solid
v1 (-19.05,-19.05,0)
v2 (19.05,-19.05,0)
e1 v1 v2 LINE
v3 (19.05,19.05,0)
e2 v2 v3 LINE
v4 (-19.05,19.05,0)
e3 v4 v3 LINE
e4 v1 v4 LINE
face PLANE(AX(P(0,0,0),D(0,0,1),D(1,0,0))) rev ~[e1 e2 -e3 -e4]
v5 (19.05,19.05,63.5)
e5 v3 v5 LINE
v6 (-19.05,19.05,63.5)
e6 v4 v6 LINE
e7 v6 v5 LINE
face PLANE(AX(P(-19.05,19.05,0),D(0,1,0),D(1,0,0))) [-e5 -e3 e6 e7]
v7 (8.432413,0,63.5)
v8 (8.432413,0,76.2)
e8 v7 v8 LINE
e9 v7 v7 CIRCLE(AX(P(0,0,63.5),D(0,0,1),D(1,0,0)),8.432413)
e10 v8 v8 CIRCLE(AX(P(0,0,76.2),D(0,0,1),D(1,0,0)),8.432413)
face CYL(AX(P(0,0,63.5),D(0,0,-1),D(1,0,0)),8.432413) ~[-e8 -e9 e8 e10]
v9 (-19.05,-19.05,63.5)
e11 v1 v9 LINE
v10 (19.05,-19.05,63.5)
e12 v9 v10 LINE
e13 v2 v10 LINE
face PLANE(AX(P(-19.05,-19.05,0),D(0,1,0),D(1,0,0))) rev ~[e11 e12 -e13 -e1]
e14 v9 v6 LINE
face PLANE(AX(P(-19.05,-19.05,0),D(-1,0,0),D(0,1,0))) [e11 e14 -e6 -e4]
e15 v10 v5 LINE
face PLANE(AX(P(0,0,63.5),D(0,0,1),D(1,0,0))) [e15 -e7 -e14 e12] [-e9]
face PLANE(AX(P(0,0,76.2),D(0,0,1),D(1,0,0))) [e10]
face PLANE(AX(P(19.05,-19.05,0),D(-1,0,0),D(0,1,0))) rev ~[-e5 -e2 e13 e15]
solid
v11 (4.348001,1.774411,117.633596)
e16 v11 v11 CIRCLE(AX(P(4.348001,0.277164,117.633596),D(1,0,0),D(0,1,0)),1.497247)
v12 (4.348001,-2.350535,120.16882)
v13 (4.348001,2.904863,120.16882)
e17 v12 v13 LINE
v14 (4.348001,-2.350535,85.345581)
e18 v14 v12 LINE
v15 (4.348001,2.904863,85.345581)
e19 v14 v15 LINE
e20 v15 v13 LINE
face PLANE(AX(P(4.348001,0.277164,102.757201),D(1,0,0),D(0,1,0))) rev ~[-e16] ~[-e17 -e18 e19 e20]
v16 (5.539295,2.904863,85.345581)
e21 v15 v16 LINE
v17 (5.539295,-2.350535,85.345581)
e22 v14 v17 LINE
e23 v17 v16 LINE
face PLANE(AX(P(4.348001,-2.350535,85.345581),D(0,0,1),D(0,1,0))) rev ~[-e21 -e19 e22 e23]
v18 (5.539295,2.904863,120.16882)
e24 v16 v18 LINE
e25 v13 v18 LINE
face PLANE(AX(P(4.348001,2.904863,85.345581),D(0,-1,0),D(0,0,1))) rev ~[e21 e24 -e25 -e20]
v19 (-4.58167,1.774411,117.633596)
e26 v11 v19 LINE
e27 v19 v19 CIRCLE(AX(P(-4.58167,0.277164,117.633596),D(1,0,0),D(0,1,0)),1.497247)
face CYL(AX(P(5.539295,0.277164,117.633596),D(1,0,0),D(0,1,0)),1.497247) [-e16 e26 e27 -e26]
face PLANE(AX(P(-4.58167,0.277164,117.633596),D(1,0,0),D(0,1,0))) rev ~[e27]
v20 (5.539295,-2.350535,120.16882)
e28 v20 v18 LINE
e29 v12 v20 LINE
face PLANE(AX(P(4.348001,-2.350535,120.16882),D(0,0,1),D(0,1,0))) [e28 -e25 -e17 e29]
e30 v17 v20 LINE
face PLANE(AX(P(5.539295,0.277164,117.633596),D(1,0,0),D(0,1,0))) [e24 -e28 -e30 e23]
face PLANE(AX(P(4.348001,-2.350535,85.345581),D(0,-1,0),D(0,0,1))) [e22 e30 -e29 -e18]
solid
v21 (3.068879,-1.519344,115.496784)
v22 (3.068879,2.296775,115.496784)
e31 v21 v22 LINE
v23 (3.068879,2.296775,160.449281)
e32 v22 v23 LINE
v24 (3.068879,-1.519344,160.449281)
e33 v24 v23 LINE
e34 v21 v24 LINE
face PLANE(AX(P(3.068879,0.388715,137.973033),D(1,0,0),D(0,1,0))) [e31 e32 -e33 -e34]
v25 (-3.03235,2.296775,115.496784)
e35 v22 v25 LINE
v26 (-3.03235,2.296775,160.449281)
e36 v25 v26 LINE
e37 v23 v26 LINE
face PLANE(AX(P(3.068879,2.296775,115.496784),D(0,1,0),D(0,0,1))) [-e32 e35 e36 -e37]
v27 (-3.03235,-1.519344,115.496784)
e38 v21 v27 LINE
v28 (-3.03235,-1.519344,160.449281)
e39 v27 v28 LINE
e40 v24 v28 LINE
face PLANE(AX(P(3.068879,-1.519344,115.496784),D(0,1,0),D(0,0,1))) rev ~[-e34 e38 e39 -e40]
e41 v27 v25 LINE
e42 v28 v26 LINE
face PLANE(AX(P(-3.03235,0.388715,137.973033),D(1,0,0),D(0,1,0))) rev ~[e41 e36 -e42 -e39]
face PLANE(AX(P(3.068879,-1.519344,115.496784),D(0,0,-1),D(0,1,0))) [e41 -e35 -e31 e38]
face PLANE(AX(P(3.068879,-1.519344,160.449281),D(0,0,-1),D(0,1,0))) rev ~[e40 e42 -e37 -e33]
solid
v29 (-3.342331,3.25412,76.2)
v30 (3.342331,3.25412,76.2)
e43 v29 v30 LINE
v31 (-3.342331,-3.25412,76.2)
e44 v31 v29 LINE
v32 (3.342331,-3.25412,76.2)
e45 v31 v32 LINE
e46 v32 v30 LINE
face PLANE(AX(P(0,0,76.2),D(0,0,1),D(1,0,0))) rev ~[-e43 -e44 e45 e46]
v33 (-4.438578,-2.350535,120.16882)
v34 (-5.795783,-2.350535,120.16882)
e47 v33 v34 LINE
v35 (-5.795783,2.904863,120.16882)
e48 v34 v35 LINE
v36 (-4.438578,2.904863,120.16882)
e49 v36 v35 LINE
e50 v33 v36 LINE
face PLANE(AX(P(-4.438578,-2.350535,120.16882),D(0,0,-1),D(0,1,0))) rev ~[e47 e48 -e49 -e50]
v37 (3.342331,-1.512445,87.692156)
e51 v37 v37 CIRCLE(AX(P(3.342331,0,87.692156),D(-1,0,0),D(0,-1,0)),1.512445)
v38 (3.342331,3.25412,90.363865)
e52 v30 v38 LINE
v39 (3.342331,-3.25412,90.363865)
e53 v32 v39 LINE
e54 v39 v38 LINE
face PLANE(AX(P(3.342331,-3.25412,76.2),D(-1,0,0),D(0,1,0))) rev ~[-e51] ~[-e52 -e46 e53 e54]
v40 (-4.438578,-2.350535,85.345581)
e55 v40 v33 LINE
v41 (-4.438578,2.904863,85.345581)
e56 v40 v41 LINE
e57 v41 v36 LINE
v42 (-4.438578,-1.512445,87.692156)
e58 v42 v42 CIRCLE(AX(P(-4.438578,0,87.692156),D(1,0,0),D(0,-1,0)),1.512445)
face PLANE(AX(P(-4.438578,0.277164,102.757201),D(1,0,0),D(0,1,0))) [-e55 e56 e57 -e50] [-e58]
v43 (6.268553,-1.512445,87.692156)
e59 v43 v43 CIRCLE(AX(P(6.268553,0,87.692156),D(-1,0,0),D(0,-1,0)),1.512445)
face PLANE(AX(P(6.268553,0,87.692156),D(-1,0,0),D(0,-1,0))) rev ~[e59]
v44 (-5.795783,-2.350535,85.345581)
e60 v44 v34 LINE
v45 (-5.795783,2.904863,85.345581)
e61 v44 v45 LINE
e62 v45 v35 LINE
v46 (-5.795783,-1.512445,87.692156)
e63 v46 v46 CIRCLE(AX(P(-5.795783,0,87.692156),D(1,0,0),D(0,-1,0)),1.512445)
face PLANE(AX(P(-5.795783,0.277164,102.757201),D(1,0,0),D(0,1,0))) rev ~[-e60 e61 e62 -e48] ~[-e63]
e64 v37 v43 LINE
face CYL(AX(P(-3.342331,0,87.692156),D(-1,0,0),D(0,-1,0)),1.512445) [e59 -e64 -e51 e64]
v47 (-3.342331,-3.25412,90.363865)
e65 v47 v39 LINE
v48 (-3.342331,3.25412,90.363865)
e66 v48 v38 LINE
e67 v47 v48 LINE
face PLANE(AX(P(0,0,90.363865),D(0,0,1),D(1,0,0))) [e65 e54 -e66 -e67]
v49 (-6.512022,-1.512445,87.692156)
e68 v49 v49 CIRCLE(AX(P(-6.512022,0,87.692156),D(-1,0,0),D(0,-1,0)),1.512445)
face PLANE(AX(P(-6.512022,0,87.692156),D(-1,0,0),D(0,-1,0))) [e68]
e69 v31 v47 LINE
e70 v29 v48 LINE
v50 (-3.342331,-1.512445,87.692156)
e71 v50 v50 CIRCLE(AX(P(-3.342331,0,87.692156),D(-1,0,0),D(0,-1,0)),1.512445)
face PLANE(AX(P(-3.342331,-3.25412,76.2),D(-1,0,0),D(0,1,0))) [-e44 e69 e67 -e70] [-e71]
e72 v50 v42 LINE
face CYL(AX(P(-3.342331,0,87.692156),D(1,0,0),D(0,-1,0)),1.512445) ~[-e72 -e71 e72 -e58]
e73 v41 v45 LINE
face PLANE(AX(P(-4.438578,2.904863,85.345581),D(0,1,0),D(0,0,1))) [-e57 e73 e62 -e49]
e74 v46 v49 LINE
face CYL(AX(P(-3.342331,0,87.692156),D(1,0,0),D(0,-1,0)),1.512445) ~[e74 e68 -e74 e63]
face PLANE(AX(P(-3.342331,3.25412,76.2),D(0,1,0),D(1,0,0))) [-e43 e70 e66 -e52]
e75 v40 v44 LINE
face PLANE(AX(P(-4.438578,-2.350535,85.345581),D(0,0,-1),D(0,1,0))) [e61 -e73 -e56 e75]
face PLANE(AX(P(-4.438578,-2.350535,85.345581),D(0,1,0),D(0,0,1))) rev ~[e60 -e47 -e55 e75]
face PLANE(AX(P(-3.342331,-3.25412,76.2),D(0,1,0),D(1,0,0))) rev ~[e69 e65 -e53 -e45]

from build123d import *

# Parameters (mm, degrees)
F0_W          = 38.1
F0_H          = 38.1
F1_DEPTH      = 63.5
F2_R          = 8.4324133864
F3_DEPTH      = 12.7
F4_W          = 6.6846627742
F4_H          = 6.5082404763
F5_DEPTH      = 14.1638647765
F6_R          = 1.5124454646
F7_DEPTH      = 3.1696904916
F7_DEPTH_BACK = 9.6108838916
F9_START      = 4.3480005115
F8_W          = 5.255397642
F8_H          = 34.8232388496
F9_DEPTH      = 1.1912947521
F10_START     = -4.4385781512
F10_DEPTH     = 1.3572052121
F11_R         = 1.4972465524
F12_DEPTH     = 10.1209655404
F14_START     = -2.470415784
F13_W         = 3.8161192788
F13_H         = 44.9524968863
F14_DEPTH     = 6.1012294609


with BuildPart() as f1:
    # F0 (on Top) → F1 (new body)
    with BuildSketch(Plane.XY):
        Rectangle(F0_W, F0_H)
    extrude(amount=F1_DEPTH)

    # F2 (on face) → F3 (join)
    with BuildSketch(Plane.XY.offset(63.5)):
        Circle(F2_R)
    extrude(amount=F3_DEPTH)


with BuildPart() as f5:
    # F4 (on face) → F5 (new body)
    with BuildSketch(Plane.XY.offset(76.2)):
        Rectangle(F4_W, F4_H)
    extrude(amount=F5_DEPTH)

    # F6 (on face) → F7 (join, two sides)
    with BuildSketch(Plane(origin=(-3.3423313871, 0, 0), x_dir=(0, -1, 0), z_dir=(-1, 0, 0))) as f7_sk:
        with Locations((0, 87.6921564341)):
            Circle(F6_R)
    extrude(amount=F7_DEPTH)
    extrude(f7_sk.sketch, amount=-F7_DEPTH_BACK)

    # F8 (on Right) → F10 (join)
    with BuildSketch(Plane.YZ.offset(F10_START)):
        with Locations((0.2771640429, 102.7572005987)):
            Rectangle(F8_W, F8_H)
    extrude(amount=-F10_DEPTH)


with BuildPart() as f9:
    # F8 (on Right) → F9 (new body)
    with BuildSketch(Plane.YZ.offset(F9_START)):
        with Locations((0.2771640429, 102.7572005987)):
            Rectangle(F8_W, F8_H)
    extrude(amount=F9_DEPTH)

    # F11 (on face) → F12 (join)
    with BuildSketch(Plane.YZ.offset(5.5392952636)):
        with Locations((0.2771640429, 117.6335960627)):
            Circle(F11_R)
    extrude(amount=-F12_DEPTH)


with BuildPart() as f14:
    # F13 (on face) → F14 (new body)
    with BuildSketch(Plane.YZ.offset(5.5392952636).offset(F14_START)):
        with Locations((0.3887154744, 137.9730328918)):
            Rectangle(F13_W, F13_H)
    extrude(amount=-F14_DEPTH)


solid = Compound([f1.part, f5.part, f9.part, f14.part])
